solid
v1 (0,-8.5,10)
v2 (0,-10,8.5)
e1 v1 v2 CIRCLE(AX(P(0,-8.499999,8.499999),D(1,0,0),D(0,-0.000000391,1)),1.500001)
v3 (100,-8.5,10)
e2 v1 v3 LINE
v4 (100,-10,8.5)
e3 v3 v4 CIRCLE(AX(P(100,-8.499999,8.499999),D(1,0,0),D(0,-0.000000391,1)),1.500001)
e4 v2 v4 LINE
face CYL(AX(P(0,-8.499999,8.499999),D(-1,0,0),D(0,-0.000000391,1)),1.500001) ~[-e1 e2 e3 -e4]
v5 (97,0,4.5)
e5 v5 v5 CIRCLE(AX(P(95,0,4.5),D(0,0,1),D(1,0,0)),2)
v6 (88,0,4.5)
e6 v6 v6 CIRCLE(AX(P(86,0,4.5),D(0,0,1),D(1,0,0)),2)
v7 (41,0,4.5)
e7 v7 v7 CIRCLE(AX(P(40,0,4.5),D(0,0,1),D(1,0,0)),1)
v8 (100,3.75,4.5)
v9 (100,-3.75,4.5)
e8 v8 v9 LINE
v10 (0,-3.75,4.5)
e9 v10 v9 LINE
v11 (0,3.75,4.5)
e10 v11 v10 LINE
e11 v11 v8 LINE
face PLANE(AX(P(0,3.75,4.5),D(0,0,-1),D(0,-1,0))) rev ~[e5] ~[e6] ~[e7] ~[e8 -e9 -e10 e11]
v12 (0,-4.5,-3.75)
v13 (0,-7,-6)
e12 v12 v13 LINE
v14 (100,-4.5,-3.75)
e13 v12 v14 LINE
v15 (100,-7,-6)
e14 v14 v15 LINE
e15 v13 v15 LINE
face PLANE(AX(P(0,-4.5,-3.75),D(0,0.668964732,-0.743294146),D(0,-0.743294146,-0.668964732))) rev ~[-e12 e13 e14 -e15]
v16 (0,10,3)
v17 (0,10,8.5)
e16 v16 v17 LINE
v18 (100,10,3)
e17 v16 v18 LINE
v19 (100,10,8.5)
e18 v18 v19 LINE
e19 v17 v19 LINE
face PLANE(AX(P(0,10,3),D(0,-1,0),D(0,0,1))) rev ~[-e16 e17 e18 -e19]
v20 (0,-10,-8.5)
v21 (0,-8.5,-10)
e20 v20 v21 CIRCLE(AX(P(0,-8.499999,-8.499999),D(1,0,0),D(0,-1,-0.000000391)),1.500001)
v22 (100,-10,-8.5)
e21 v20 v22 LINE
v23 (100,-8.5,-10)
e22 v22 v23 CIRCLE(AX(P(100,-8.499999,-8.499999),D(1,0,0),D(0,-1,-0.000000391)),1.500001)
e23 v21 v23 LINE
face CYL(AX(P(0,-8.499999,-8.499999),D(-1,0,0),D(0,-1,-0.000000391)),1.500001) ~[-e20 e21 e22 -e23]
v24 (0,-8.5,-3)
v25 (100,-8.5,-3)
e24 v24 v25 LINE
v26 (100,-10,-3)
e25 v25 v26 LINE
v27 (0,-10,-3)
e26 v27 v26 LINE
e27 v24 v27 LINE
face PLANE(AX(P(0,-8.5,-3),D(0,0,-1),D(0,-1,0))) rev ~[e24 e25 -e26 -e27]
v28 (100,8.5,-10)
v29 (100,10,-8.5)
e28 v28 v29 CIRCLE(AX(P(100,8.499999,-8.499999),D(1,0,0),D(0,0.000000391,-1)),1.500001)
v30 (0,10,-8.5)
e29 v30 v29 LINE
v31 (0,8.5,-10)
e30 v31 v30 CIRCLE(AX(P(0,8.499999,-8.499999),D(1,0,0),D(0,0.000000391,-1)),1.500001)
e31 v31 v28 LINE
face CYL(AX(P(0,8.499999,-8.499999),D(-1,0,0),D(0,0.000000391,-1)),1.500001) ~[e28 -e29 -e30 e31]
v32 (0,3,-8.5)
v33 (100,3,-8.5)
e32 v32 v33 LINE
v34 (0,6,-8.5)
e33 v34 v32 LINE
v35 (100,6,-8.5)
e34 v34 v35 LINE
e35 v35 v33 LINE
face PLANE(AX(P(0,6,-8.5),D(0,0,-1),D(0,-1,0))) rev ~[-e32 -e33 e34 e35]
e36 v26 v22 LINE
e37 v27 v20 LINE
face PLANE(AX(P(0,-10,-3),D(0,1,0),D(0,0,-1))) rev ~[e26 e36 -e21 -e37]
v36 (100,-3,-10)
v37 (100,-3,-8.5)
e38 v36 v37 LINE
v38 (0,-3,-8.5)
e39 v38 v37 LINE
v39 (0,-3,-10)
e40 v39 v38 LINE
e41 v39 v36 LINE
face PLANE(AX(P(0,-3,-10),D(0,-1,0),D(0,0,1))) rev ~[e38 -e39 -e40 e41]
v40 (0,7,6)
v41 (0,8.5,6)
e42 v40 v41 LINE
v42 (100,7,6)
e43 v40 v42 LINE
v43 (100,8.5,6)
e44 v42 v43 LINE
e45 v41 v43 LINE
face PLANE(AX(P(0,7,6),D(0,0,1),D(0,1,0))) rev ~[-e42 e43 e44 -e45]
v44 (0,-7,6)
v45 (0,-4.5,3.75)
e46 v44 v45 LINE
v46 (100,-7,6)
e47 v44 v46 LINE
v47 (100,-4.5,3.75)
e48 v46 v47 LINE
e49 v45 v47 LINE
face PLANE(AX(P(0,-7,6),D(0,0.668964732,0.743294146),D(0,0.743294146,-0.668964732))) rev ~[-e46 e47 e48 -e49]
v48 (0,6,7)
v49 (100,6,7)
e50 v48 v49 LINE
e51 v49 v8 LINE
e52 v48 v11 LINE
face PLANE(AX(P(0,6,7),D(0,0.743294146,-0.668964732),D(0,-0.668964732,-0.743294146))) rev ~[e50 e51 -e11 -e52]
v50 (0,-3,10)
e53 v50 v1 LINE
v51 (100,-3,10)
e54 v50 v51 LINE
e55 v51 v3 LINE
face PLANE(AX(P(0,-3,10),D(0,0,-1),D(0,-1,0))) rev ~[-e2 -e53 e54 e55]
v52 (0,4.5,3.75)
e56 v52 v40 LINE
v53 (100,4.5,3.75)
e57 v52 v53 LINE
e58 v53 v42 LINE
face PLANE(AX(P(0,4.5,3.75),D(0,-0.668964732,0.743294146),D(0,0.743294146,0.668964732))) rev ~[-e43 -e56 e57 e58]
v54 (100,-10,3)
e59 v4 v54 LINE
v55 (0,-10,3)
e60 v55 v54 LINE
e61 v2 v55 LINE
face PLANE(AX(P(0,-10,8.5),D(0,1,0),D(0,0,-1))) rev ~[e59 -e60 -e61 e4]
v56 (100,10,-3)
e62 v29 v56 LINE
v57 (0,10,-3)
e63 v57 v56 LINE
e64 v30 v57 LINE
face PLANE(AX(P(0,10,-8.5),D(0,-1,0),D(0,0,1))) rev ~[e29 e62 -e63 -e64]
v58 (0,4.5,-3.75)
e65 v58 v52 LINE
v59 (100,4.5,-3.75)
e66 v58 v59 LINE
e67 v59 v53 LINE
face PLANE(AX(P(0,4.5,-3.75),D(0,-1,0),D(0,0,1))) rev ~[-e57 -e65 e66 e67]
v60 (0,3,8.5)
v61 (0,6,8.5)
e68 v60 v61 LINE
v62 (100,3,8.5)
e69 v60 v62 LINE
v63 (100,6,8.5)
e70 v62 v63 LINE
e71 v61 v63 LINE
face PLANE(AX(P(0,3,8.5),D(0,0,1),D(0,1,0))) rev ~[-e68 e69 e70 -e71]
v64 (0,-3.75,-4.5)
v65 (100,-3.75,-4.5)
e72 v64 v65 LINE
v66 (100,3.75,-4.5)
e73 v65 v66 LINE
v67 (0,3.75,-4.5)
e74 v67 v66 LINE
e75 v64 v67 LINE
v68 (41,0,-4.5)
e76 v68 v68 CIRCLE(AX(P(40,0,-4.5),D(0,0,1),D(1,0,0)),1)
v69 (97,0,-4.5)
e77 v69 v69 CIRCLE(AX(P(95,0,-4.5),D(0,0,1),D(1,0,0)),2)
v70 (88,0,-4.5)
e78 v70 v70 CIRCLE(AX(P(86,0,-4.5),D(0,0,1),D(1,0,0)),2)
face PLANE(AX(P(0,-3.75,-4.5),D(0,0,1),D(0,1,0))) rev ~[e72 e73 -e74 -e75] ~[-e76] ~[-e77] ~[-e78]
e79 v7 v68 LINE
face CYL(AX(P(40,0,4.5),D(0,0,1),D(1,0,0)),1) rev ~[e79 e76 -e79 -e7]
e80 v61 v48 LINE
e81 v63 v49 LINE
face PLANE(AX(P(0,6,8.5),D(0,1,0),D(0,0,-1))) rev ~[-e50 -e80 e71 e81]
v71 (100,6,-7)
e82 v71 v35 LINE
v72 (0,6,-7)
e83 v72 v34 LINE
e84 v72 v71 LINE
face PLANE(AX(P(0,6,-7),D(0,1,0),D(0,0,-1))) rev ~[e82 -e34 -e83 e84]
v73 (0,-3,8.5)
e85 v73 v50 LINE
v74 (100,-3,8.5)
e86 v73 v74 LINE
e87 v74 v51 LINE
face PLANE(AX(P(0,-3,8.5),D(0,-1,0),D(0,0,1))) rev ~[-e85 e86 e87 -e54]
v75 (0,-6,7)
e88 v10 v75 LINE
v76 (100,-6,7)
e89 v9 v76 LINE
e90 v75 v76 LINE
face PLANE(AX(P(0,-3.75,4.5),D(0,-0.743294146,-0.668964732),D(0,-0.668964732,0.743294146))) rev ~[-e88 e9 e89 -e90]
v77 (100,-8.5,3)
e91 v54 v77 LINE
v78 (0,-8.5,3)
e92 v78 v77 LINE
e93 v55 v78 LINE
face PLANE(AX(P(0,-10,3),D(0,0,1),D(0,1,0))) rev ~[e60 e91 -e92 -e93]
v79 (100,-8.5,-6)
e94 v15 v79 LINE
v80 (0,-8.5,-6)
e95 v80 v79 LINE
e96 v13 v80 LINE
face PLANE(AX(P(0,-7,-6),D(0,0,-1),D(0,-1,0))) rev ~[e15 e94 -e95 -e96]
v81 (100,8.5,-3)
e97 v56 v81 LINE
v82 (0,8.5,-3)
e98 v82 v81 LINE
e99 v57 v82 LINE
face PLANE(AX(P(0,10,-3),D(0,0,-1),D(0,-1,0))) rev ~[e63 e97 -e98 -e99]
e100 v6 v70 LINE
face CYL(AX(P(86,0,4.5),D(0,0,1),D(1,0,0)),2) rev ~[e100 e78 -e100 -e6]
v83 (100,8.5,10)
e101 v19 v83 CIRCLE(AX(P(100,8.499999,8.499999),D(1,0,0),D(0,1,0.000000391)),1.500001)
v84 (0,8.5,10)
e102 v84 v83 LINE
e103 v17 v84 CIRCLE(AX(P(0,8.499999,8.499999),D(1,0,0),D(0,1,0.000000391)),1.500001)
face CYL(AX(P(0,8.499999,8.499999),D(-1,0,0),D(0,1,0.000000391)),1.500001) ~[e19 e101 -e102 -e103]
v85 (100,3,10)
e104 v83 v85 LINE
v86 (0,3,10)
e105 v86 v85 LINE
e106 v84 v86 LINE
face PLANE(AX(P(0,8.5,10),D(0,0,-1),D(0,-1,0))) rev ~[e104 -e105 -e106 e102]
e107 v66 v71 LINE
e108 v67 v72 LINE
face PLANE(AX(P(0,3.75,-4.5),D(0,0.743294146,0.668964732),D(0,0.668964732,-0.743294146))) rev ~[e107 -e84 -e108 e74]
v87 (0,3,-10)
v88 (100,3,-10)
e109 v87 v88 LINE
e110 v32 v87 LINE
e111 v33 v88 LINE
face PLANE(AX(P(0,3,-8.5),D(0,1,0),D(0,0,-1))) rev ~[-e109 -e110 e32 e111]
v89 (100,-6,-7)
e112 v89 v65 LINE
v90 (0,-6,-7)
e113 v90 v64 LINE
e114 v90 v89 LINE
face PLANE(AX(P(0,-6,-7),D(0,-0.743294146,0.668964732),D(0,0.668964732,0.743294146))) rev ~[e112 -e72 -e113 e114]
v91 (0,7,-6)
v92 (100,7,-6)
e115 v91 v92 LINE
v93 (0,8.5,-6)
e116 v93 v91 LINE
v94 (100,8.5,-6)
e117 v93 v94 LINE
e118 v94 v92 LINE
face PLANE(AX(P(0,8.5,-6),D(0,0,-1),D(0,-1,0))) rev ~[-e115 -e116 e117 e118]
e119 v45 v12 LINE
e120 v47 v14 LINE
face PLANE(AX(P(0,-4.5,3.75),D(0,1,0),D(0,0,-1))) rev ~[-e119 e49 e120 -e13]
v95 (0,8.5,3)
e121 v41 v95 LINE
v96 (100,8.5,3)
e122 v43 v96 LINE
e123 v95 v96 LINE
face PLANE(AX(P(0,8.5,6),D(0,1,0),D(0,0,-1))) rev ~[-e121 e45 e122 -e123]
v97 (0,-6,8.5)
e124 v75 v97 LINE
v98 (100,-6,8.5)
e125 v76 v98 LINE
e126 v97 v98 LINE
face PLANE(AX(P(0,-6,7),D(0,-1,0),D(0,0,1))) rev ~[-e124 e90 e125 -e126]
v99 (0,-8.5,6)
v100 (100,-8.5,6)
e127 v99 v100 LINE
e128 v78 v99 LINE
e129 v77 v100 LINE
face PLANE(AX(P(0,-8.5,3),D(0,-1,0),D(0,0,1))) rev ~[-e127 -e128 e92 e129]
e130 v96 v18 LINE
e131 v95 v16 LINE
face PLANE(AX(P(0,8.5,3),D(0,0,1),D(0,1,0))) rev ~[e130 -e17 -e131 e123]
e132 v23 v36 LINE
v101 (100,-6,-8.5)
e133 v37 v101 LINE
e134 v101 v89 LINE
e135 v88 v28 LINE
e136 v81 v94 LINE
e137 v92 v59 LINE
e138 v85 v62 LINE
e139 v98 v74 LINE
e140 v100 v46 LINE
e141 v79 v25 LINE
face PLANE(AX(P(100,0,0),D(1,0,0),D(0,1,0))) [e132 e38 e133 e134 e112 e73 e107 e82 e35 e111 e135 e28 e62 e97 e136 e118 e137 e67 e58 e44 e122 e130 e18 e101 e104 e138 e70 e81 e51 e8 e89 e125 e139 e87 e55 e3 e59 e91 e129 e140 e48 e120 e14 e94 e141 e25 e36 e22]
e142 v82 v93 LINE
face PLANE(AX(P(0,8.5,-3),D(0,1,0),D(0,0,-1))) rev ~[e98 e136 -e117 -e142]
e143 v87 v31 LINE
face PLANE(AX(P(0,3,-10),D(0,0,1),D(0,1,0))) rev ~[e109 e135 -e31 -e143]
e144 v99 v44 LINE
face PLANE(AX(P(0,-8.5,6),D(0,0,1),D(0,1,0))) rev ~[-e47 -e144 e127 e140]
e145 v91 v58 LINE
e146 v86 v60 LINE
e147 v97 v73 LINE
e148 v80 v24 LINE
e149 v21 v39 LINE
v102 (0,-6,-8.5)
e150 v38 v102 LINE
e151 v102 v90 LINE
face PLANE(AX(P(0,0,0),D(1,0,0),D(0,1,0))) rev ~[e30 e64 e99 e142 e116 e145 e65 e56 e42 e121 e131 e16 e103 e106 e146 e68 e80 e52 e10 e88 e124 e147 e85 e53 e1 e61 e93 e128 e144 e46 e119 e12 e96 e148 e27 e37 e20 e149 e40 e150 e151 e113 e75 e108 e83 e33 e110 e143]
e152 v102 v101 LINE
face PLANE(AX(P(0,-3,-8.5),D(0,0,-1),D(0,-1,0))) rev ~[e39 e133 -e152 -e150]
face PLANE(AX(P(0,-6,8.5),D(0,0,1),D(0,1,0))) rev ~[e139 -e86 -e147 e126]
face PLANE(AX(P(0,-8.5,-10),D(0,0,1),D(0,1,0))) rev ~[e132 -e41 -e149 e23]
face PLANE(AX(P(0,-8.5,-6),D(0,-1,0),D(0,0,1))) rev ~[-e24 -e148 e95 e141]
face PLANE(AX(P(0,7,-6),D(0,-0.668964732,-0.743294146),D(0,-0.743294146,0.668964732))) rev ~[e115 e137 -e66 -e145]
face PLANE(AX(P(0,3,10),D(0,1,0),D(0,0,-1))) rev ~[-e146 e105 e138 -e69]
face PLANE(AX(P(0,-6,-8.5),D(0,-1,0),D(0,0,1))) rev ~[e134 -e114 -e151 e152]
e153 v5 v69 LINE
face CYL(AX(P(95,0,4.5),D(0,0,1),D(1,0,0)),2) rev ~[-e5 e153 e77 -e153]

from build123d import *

# Parameters (mm, degrees)
F1_DEPTH = 100
F2_R     = 2
F2_R_2   = 1
F3_DEPTH = 14.501


with BuildPart() as f1:
    # F0 (on Right) → F1 (new body)
    with BuildSketch(Plane.YZ):
        with BuildLine():
            ThreePointArc((10, 8.5), (9.56066, 9.56066), (8.5, 10))
            Line((8.5, 10), (3, 10))
            Line((3, 10), (3, 8.5))
            Line((3, 8.5), (6, 8.5))
            Line((6, 8.5), (6, 7))
            Line((6, 7), (3.75, 4.5))
            Line((3.75, 4.5), (0, 4.5))
            Line((0, 4.5), (-3.75, 4.5))
            Line((-3.75, 4.5), (-6, 7))
            Line((-6, 7), (-6, 8.5))
            Line((-6, 8.5), (-3, 8.5))
            Line((-3, 8.5), (-3, 10))
            Line((-3, 10), (-8.5, 10))
            ThreePointArc((-8.5, 10), (-9.56066, 9.56066), (-10, 8.5))
            Line((-10, 8.5), (-10, 3))
            Line((-10, 3), (-8.5, 3))
            Line((-8.5, 3), (-8.5, 6))
            Line((-8.5, 6), (-7, 6))
            Line((-7, 6), (-4.5, 3.75))
            Line((-4.5, 3.75), (-4.5, 0))
            Line((-4.5, 0), (-4.5, -3.75))
            Line((-4.5, -3.75), (-7, -6))
            Line((-7, -6), (-8.5, -6))
            Line((-8.5, -6), (-8.5, -3))
            Line((-8.5, -3), (-10, -3))
            Line((-10, -3), (-10, -8.5))
            ThreePointArc((-10, -8.5), (-9.56066, -9.56066), (-8.5, -10))
            Line((-8.5, -10), (-3, -10))
            Line((-3, -10), (-3, -8.5))
            Line((-3, -8.5), (-6, -8.5))
            Line((-6, -8.5), (-6, -7))
            Line((-6, -7), (-3.75, -4.5))
            Line((-3.75, -4.5), (0, -4.5))
            Line((0, -4.5), (3.75, -4.5))
            Line((3.75, -4.5), (6, -7))
            Line((6, -7), (6, -8.5))
            Line((6, -8.5), (3, -8.5))
            Line((3, -8.5), (3, -10))
            Line((3, -10), (8.5, -10))
            ThreePointArc((8.5, -10), (9.56066, -9.56066), (10, -8.5))
            Line((10, -8.5), (10, -3))
            Line((10, -3), (8.5, -3))
            Line((8.5, -3), (8.5, -6))
            Line((8.5, -6), (7, -6))
            Line((7, -6), (4.5, -3.75))
            Line((4.5, -3.75), (4.5, 0))
            Line((4.5, 0), (4.5, 3.75))
            Line((4.5, 3.75), (7, 6))
            Line((7, 6), (8.5, 6))
            Line((8.5, 6), (8.5, 3))
            Line((8.5, 3), (10, 3))
            Line((10, 3), (10, 8.5))
        make_face()
    extrude(amount=F1_DEPTH)

    # F2 (on face) → F3 (cut, through all)
    with BuildSketch(Plane.XY.offset(4.5)):
        with Locations((86, 0)):
            Circle(F2_R)
        with Locations((95, 0)):
            Circle(F2_R)
        with Locations((40, 0)):
            Circle(F2_R_2)
    extrude(amount=-F3_DEPTH, mode=Mode.SUBTRACT)


solid = f1.part
